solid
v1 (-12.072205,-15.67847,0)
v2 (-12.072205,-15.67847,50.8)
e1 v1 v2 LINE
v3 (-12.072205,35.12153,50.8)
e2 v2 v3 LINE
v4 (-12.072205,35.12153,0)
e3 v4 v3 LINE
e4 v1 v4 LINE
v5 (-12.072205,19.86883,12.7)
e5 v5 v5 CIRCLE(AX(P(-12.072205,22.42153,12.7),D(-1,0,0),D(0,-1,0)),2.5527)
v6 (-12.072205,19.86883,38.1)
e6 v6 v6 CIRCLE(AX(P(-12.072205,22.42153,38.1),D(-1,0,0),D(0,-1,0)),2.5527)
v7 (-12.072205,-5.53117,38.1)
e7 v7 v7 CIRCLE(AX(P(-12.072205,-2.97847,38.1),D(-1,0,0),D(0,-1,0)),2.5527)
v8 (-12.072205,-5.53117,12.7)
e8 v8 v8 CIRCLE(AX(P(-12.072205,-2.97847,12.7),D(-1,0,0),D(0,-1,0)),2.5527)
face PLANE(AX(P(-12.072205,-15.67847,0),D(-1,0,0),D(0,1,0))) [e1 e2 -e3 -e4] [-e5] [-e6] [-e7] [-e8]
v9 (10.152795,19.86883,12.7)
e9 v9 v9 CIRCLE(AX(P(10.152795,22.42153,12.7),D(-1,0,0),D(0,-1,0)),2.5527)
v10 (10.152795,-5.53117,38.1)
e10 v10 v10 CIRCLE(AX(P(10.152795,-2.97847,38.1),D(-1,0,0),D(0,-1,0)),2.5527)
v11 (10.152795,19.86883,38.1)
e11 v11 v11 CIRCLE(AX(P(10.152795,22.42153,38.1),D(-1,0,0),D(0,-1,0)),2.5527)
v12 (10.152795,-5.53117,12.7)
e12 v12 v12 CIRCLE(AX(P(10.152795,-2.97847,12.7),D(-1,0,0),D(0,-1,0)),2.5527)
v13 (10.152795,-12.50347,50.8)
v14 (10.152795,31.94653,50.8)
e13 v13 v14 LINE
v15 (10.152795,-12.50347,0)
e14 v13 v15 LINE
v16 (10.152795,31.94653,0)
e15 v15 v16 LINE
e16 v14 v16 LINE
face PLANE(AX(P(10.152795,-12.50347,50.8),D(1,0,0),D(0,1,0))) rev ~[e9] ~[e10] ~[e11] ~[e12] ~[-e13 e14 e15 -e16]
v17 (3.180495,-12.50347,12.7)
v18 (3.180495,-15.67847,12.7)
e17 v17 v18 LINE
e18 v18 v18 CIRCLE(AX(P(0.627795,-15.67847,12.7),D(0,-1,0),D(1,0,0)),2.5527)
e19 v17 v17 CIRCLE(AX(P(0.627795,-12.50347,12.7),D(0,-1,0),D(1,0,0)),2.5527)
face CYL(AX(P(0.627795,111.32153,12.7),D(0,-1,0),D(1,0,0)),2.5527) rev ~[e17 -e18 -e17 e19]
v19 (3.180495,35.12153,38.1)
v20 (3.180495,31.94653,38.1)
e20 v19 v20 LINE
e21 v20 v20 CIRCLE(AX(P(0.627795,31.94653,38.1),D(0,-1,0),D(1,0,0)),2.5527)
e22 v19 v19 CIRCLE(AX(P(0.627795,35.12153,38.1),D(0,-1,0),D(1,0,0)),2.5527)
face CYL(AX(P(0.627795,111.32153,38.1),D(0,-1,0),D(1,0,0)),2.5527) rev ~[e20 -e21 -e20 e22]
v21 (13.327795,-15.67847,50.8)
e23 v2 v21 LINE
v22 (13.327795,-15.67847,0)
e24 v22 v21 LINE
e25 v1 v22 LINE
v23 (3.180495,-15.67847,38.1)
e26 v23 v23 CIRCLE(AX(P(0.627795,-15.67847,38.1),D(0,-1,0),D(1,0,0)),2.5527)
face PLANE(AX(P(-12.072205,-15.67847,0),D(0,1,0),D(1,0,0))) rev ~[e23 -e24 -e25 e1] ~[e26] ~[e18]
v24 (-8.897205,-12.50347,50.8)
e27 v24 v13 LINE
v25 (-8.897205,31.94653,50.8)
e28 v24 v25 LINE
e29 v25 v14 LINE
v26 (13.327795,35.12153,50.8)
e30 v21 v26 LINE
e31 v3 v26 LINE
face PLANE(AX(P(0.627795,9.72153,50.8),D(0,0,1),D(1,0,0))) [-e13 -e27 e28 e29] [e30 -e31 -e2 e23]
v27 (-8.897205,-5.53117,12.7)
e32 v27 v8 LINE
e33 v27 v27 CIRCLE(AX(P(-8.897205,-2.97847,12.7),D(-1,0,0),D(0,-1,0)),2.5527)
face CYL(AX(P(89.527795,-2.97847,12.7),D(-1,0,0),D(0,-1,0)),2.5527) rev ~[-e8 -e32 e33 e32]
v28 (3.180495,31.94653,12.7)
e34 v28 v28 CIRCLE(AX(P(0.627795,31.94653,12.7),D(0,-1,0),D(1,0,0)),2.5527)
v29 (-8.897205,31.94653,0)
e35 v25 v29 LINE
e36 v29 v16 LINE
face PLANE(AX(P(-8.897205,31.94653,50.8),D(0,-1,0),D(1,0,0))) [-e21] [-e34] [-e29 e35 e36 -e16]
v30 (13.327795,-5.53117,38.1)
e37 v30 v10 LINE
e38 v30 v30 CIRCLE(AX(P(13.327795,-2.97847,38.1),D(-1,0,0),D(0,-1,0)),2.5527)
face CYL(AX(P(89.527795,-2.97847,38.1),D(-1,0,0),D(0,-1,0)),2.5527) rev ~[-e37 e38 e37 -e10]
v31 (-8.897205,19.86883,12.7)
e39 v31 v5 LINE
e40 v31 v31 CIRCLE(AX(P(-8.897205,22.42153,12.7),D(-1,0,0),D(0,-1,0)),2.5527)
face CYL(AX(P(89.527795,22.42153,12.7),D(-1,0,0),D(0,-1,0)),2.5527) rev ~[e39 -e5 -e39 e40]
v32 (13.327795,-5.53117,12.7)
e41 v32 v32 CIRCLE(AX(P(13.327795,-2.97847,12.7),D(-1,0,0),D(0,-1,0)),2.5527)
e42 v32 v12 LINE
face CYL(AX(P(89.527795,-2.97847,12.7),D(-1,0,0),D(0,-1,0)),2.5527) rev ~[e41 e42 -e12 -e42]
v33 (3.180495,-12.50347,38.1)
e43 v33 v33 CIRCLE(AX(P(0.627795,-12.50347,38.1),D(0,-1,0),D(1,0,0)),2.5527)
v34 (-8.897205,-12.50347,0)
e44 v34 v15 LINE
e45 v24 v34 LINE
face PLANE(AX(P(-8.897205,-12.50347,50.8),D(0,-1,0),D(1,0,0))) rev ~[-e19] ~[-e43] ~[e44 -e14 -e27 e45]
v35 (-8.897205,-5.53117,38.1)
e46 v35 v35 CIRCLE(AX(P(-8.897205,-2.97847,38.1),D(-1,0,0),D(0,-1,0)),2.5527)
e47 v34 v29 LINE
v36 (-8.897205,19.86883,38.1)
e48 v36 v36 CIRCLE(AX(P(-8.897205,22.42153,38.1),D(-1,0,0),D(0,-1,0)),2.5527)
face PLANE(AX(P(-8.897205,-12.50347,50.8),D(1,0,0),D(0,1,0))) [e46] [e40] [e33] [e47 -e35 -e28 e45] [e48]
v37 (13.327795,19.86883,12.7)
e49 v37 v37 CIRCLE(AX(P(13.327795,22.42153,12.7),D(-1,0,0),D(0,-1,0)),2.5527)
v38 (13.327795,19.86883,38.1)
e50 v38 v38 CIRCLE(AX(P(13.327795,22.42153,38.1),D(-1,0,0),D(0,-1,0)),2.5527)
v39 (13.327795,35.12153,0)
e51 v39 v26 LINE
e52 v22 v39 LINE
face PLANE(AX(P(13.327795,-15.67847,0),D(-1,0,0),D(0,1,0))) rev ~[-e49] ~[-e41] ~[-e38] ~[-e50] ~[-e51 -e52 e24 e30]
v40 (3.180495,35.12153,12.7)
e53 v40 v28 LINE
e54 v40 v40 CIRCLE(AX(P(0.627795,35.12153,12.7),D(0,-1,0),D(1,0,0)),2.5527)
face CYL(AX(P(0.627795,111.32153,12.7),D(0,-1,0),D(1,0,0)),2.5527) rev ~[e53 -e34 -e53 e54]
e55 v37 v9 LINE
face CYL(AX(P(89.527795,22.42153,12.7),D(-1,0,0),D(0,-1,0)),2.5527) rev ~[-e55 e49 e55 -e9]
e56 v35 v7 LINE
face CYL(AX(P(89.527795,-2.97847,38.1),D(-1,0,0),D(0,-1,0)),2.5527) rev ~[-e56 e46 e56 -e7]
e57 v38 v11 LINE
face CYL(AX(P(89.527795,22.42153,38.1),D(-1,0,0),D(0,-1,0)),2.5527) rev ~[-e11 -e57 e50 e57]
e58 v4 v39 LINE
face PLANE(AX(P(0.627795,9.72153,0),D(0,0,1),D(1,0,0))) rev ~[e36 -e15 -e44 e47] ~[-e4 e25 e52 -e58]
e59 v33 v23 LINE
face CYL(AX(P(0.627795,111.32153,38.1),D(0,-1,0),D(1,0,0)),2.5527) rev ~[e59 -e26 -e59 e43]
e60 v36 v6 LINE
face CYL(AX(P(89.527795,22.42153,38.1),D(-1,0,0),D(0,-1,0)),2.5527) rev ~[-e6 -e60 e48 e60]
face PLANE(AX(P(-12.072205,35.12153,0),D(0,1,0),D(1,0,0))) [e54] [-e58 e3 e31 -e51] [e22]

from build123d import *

# Parameters (mm, degrees)
F0_W     = 25.4
F0_H     = 50.8
F1_DEPTH = 50.8
F2_W     = 19.05
F2_H     = 44.45
F3_DEPTH = 50.8
F5_D     = 5.1054
F7_D     = 5.1054


with BuildPart() as f1:
    # F0 (on Top) → F1 (new body)
    with BuildSketch(Plane.XY):
        with Locations((0.627795, 9.72153)):
            Rectangle(F0_W, F0_H)
    extrude(amount=F1_DEPTH)

    # F2 (on face) → F3 (cut)
    with BuildSketch(Plane.XY.offset(50.8)):
        with Locations((0.627795, 9.72153)):
            Rectangle(F2_W, F2_H)
    extrude(amount=-F3_DEPTH, mode=Mode.SUBTRACT)

    # F5 (through all)
    with Locations(Plane.YZ.offset(13.327795)):
        with Locations((-2.97847, 38.1), (-2.97847, 12.7), (22.42153, 38.1), (22.42153, 12.7)):
            Hole(F5_D / 2)

    # F7 (through all)
    with Locations(Plane(origin=(0, 35.12153, 0), x_dir=(-1, 0, 0), z_dir=(0, 1, 0))):
        with Locations((-0.627795, 38.1), (-0.627795, 12.7)):
            Hole(F7_D / 2)


solid = f1.part
